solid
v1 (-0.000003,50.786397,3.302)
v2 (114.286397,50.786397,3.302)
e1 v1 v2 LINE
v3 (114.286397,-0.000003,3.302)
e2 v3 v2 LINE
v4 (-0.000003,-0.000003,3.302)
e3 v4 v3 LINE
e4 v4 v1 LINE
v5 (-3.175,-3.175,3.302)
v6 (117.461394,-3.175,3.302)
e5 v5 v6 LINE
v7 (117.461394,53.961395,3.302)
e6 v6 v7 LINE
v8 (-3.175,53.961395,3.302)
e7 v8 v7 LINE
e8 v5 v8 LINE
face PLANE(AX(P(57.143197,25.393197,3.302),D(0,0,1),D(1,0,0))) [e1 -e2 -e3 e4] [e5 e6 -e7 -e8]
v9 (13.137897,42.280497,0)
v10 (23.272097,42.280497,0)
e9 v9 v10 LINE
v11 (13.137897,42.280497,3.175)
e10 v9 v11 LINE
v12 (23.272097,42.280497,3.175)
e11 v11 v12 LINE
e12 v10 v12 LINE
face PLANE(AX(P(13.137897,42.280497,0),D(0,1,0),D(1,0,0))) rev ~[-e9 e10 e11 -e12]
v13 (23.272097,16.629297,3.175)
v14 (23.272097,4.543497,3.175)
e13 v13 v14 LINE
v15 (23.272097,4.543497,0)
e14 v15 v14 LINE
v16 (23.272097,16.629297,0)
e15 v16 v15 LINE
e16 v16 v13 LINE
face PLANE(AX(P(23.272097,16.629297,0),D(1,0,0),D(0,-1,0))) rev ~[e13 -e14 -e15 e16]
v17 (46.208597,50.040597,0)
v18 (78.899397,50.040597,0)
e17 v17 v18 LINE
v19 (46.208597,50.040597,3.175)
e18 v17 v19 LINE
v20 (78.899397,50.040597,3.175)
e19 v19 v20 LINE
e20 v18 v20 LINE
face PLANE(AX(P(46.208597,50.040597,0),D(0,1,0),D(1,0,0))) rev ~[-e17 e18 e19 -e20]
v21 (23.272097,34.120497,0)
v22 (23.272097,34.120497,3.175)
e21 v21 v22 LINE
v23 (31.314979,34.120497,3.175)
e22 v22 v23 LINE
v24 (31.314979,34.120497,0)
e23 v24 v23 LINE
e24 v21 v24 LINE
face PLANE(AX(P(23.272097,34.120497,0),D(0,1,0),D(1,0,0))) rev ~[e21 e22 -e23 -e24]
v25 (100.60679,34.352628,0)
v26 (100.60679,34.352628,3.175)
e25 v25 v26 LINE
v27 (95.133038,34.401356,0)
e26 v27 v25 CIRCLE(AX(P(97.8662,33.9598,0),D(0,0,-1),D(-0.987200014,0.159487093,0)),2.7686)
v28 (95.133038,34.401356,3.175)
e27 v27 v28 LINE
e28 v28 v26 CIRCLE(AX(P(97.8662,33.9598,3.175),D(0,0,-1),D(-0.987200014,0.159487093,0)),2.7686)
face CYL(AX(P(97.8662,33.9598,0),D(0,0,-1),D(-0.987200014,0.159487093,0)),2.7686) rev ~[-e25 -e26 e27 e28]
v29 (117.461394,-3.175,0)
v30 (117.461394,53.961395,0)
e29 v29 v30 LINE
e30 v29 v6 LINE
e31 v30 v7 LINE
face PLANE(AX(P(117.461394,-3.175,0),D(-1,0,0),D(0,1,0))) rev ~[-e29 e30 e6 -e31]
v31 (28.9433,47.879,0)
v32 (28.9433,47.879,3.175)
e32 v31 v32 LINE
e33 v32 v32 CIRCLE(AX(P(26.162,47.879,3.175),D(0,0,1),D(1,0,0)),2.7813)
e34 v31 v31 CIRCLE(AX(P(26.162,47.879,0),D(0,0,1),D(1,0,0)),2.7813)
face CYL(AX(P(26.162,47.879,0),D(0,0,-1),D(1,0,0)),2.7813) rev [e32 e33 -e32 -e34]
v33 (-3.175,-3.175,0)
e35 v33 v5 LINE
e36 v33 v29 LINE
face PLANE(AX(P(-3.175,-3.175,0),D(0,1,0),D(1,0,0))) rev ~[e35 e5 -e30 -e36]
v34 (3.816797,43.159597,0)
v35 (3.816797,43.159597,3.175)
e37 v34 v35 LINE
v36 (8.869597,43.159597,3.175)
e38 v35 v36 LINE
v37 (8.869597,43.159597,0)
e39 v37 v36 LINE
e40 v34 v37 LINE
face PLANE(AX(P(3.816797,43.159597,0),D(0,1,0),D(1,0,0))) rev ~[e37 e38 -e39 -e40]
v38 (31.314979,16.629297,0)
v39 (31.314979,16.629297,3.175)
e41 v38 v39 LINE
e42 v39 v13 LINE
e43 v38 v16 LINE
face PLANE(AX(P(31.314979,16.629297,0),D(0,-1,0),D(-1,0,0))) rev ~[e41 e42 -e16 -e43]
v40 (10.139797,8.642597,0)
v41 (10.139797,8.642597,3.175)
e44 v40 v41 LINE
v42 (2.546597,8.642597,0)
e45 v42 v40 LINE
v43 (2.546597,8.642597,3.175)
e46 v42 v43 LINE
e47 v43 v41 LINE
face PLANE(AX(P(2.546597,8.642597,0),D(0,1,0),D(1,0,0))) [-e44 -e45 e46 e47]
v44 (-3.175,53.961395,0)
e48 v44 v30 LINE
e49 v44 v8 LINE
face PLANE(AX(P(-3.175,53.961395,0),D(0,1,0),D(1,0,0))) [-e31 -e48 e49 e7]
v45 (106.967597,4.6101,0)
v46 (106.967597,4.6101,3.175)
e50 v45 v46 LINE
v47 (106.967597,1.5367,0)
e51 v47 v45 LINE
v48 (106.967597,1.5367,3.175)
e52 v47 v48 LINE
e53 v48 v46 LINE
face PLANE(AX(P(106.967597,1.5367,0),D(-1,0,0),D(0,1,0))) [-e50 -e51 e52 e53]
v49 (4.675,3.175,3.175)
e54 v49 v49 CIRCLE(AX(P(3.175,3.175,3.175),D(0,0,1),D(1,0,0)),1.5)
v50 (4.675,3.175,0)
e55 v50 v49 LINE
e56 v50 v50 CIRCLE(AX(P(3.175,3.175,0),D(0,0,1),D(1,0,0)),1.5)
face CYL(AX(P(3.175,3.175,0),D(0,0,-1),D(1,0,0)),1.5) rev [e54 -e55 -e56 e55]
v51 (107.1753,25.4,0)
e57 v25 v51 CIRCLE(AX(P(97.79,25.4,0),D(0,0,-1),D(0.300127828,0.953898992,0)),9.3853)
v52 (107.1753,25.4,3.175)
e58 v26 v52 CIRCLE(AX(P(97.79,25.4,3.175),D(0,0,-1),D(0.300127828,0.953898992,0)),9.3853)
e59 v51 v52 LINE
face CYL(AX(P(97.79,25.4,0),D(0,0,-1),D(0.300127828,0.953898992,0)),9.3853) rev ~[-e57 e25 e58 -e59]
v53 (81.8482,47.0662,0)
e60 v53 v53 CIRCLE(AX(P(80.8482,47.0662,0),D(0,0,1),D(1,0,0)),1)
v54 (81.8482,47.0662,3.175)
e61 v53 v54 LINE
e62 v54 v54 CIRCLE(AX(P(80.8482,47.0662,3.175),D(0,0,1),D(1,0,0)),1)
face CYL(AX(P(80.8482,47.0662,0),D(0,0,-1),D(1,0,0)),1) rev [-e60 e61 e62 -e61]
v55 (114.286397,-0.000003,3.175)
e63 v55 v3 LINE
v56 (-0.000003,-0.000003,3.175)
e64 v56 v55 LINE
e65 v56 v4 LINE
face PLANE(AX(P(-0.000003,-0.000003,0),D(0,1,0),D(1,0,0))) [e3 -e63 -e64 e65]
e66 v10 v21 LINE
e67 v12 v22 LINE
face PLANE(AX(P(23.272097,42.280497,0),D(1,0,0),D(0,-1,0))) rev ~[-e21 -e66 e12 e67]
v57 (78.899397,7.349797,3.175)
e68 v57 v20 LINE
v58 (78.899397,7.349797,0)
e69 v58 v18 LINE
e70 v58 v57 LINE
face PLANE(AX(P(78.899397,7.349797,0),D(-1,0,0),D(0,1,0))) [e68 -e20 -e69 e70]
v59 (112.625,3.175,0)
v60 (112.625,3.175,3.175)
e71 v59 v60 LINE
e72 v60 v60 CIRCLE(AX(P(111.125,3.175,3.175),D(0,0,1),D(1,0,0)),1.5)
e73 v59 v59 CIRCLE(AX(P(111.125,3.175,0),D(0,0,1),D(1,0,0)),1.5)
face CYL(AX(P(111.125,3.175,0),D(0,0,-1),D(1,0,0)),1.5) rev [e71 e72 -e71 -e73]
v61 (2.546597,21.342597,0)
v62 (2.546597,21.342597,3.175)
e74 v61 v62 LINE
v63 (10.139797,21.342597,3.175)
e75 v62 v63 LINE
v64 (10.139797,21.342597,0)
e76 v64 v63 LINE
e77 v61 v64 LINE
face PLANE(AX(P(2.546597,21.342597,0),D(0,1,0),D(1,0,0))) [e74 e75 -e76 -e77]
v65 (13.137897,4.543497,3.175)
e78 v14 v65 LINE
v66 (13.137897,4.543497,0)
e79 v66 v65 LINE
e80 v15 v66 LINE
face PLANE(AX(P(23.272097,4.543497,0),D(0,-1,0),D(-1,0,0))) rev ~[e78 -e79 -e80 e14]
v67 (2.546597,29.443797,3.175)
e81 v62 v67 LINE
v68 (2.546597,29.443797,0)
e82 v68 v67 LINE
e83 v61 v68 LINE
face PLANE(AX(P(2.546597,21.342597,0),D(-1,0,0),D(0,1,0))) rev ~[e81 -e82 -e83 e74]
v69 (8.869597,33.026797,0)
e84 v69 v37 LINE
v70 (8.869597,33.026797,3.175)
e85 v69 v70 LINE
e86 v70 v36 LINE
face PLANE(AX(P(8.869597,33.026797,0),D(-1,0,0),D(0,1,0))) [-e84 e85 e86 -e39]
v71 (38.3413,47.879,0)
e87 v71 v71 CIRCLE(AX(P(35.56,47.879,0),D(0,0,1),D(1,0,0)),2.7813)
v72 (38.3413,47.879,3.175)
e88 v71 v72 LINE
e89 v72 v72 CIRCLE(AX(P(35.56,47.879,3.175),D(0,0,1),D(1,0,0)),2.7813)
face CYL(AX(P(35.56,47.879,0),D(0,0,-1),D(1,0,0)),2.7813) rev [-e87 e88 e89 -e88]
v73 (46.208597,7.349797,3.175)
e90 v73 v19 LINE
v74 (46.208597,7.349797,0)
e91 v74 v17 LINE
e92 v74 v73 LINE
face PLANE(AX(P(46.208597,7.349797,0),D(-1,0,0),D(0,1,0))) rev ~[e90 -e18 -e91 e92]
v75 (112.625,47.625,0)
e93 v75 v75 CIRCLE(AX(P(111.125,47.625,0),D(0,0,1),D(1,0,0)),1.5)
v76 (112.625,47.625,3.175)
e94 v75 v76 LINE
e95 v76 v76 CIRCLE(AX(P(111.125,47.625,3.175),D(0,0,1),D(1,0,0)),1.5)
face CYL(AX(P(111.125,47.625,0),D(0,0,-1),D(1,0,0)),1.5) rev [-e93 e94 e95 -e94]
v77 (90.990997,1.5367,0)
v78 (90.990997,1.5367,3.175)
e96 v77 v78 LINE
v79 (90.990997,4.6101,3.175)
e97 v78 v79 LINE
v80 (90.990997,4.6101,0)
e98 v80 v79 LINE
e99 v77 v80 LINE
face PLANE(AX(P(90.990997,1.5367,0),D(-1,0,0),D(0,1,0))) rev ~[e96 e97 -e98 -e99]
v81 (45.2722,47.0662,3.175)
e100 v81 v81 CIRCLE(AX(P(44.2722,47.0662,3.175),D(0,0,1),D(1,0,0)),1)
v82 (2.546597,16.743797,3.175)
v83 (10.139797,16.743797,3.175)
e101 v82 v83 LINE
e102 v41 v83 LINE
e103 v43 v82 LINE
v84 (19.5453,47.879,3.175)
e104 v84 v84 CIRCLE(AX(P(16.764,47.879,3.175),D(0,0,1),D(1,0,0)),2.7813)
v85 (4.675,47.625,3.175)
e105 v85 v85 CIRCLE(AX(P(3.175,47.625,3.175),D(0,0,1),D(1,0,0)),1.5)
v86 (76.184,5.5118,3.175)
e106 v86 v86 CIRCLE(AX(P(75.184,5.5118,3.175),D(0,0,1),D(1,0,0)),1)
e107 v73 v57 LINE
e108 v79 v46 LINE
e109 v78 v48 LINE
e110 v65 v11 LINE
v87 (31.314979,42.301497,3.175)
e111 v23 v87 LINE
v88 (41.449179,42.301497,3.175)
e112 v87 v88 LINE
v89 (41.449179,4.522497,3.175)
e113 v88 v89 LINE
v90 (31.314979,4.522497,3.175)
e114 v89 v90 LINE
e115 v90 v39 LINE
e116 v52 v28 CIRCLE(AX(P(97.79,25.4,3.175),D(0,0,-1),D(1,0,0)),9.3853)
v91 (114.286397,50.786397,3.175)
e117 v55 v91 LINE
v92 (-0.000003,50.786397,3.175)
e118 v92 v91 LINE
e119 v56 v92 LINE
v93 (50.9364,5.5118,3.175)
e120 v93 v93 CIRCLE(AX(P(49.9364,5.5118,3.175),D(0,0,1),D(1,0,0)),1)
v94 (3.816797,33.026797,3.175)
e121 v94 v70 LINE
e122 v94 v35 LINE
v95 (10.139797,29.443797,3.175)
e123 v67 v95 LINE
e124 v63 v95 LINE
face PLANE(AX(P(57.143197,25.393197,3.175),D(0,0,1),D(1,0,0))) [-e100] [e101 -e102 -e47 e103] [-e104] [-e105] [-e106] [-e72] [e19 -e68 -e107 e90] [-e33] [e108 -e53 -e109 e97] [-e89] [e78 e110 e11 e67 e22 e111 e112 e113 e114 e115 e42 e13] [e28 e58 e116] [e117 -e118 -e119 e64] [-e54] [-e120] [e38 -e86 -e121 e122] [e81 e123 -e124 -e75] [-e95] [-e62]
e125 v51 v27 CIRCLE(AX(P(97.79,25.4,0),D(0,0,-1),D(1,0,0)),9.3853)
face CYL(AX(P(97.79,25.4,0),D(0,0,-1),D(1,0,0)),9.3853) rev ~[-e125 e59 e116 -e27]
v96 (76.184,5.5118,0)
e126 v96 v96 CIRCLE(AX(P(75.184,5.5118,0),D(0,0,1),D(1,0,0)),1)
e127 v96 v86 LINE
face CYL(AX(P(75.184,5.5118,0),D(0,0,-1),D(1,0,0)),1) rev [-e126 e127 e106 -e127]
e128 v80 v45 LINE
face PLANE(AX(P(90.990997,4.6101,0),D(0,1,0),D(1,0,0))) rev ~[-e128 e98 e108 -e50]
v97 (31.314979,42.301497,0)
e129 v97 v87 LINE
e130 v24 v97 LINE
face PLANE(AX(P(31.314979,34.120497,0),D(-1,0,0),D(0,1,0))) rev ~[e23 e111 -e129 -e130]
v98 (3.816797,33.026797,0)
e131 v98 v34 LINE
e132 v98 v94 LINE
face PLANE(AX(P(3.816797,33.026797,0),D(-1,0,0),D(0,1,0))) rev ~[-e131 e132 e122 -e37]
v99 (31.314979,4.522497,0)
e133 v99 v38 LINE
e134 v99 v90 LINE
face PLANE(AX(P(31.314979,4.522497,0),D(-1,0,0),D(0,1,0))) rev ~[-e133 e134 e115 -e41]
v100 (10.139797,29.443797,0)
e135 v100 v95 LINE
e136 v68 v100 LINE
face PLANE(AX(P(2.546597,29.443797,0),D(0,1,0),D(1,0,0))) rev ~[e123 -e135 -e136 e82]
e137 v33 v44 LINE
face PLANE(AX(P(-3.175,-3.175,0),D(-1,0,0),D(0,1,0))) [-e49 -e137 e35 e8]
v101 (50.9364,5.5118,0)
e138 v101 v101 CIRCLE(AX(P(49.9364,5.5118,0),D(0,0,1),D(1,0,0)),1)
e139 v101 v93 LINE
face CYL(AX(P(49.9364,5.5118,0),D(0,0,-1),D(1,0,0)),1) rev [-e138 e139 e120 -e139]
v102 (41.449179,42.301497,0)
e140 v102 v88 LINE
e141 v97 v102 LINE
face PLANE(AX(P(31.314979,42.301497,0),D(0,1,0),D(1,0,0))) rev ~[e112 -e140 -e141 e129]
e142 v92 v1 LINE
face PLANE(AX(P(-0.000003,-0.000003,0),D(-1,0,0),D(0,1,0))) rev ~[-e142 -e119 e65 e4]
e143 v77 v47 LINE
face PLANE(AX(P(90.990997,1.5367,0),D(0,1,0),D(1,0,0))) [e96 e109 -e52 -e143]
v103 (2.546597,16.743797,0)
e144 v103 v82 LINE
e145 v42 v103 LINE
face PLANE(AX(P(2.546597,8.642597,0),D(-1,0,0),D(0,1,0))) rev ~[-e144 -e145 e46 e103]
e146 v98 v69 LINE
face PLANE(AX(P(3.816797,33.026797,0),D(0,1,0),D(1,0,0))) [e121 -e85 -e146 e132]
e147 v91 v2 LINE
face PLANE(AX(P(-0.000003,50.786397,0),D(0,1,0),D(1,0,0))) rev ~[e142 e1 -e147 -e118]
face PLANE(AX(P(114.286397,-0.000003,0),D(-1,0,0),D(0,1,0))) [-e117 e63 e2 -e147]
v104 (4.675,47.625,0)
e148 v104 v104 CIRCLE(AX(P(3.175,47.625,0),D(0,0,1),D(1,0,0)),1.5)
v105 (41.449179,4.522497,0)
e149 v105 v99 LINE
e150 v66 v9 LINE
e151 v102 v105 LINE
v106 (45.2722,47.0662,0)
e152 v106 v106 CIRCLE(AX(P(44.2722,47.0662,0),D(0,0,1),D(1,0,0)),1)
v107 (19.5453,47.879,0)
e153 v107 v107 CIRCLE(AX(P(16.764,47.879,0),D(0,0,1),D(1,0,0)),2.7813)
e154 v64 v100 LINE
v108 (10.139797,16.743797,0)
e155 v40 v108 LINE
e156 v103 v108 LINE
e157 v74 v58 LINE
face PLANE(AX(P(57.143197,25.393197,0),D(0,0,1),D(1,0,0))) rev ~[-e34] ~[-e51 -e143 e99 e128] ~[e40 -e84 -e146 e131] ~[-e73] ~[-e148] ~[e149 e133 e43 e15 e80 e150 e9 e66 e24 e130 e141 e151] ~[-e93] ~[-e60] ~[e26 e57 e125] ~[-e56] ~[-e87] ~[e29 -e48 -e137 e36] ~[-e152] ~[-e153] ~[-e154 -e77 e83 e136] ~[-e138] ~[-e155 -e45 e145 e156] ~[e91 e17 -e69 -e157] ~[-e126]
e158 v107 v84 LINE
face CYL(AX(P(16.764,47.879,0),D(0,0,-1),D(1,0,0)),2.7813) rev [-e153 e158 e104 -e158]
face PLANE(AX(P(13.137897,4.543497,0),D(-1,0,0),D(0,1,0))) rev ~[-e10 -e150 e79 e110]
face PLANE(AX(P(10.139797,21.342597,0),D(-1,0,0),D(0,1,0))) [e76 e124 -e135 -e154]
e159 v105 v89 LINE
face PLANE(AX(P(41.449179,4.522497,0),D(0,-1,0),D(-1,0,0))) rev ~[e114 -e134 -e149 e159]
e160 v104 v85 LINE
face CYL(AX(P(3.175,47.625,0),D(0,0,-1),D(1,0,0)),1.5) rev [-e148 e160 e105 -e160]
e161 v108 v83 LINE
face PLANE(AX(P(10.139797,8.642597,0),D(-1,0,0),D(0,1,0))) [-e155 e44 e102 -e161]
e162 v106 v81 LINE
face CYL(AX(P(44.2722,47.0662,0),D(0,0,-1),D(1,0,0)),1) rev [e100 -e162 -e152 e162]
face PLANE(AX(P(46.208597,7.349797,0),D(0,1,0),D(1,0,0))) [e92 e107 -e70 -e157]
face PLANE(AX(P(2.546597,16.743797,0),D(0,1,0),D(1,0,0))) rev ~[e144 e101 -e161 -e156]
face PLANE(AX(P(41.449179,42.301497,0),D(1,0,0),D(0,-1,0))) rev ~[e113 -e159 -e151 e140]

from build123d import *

# Parameters (mm, degrees)
MODEL_W             = 114.2864
MODEL_H             = 50.7864
MODEL_R             = 1.5
MODEL_W_2           = 7.5932
MODEL_H_2           = 8.1012
MODEL_R_2           = 1
MODEL_W_3           = 15.9766
MODEL_H_3           = 3.0734
MODEL_W_4           = 5.0528
MODEL_H_4           = 10.132799902
MODEL_R_3           = 2.7813
MODEL_W_5           = 32.6908
MODEL_H_5           = 42.6908
BOSS_EXTRUDE1_DEPTH = 3.175
SKETCH1_W           = 120.636394244
SKETCH1_H           = 57.136394614
SKETCH1_W_2         = 114.2864
SKETCH1_H_2         = 50.7864
BOSS_EXTRUDE2_DEPTH = 3.302


with BuildPart() as part:
    # Model → Boss-Extrude1 (new body)
    with BuildSketch(Plane.XY):
        with Locations((57.143197122, 25.393197307)):
            Rectangle(MODEL_W, MODEL_H)
        with Locations((3.175, 3.175)):
            Circle(MODEL_R, mode=Mode.SUBTRACT)
        with Locations((6.343197122, 12.693197307)):
            Rectangle(MODEL_W_2, MODEL_H_2, mode=Mode.SUBTRACT)
        with Locations((49.9364, 5.5118)):
            Circle(MODEL_R_2, mode=Mode.SUBTRACT)
        with Locations((6.343197122, 25.393197307)):
            Rectangle(MODEL_W_2, MODEL_H_2, mode=Mode.SUBTRACT)
        Polygon((23.272097122, 4.543497307), (13.137897122, 4.543497307), (13.137897122, 42.280497307), (23.272097122, 42.280497307), (23.272097122, 34.120497307), (31.314978679, 34.120497307), (31.314978679, 42.301497307), (41.449178679, 42.301497307), (41.449178679, 4.522497307), (31.314978679, 4.522497307), (31.314978679, 16.629297307), (23.272097122, 16.629297307), align=None, mode=Mode.SUBTRACT)
        with Locations((75.184, 5.5118)):
            Circle(MODEL_R_2, mode=Mode.SUBTRACT)
        with Locations((98.979297122, 3.0734)):
            Rectangle(MODEL_W_3, MODEL_H_3, mode=Mode.SUBTRACT)
        with Locations((111.125, 3.175)):
            Circle(MODEL_R, mode=Mode.SUBTRACT)
        with Locations((6.343197122, 38.093197307)):
            Rectangle(MODEL_W_4, MODEL_H_4, mode=Mode.SUBTRACT)
        with Locations((3.175, 47.625)):
            Circle(MODEL_R, mode=Mode.SUBTRACT)
        with Locations((16.764, 47.879)):
            Circle(MODEL_R_3, mode=Mode.SUBTRACT)
        with Locations((26.162, 47.879)):
            Circle(MODEL_R_3, mode=Mode.SUBTRACT)
        with Locations((35.56, 47.879)):
            Circle(MODEL_R_3, mode=Mode.SUBTRACT)
        with Locations((44.2722, 47.0662)):
            Circle(MODEL_R_2, mode=Mode.SUBTRACT)
        with Locations((62.553997122, 28.695197307)):
            Rectangle(MODEL_W_5, MODEL_H_5, mode=Mode.SUBTRACT)
        with BuildLine():
            ThreePointArc((100.60678971, 34.352628207), (105.35704277, 30.951911366), (107.1753, 25.4))
            ThreePointArc((107.1753, 25.4), (92.170948878, 17.88267863), (95.133038042, 34.401355967))
            ThreePointArc((95.133038042, 34.401355967), (97.890845314, 36.728290305), (100.60678971, 34.352628207))
        make_face(mode=Mode.SUBTRACT)
        with Locations((80.8482, 47.0662)):
            Circle(MODEL_R_2, mode=Mode.SUBTRACT)
        with Locations((111.125, 47.625)):
            Circle(MODEL_R, mode=Mode.SUBTRACT)
    extrude(amount=BOSS_EXTRUDE1_DEPTH)

    # Sketch1 → Boss-Extrude2 (add)
    with BuildSketch(Plane.XY):
        with Locations((57.143197122, 25.393197307)):
            Rectangle(SKETCH1_W, SKETCH1_H)
        with Locations((57.143197122, 25.393197307)):
            Rectangle(SKETCH1_W_2, SKETCH1_H_2, mode=Mode.SUBTRACT)
    extrude(amount=BOSS_EXTRUDE2_DEPTH)


solid = part.part
